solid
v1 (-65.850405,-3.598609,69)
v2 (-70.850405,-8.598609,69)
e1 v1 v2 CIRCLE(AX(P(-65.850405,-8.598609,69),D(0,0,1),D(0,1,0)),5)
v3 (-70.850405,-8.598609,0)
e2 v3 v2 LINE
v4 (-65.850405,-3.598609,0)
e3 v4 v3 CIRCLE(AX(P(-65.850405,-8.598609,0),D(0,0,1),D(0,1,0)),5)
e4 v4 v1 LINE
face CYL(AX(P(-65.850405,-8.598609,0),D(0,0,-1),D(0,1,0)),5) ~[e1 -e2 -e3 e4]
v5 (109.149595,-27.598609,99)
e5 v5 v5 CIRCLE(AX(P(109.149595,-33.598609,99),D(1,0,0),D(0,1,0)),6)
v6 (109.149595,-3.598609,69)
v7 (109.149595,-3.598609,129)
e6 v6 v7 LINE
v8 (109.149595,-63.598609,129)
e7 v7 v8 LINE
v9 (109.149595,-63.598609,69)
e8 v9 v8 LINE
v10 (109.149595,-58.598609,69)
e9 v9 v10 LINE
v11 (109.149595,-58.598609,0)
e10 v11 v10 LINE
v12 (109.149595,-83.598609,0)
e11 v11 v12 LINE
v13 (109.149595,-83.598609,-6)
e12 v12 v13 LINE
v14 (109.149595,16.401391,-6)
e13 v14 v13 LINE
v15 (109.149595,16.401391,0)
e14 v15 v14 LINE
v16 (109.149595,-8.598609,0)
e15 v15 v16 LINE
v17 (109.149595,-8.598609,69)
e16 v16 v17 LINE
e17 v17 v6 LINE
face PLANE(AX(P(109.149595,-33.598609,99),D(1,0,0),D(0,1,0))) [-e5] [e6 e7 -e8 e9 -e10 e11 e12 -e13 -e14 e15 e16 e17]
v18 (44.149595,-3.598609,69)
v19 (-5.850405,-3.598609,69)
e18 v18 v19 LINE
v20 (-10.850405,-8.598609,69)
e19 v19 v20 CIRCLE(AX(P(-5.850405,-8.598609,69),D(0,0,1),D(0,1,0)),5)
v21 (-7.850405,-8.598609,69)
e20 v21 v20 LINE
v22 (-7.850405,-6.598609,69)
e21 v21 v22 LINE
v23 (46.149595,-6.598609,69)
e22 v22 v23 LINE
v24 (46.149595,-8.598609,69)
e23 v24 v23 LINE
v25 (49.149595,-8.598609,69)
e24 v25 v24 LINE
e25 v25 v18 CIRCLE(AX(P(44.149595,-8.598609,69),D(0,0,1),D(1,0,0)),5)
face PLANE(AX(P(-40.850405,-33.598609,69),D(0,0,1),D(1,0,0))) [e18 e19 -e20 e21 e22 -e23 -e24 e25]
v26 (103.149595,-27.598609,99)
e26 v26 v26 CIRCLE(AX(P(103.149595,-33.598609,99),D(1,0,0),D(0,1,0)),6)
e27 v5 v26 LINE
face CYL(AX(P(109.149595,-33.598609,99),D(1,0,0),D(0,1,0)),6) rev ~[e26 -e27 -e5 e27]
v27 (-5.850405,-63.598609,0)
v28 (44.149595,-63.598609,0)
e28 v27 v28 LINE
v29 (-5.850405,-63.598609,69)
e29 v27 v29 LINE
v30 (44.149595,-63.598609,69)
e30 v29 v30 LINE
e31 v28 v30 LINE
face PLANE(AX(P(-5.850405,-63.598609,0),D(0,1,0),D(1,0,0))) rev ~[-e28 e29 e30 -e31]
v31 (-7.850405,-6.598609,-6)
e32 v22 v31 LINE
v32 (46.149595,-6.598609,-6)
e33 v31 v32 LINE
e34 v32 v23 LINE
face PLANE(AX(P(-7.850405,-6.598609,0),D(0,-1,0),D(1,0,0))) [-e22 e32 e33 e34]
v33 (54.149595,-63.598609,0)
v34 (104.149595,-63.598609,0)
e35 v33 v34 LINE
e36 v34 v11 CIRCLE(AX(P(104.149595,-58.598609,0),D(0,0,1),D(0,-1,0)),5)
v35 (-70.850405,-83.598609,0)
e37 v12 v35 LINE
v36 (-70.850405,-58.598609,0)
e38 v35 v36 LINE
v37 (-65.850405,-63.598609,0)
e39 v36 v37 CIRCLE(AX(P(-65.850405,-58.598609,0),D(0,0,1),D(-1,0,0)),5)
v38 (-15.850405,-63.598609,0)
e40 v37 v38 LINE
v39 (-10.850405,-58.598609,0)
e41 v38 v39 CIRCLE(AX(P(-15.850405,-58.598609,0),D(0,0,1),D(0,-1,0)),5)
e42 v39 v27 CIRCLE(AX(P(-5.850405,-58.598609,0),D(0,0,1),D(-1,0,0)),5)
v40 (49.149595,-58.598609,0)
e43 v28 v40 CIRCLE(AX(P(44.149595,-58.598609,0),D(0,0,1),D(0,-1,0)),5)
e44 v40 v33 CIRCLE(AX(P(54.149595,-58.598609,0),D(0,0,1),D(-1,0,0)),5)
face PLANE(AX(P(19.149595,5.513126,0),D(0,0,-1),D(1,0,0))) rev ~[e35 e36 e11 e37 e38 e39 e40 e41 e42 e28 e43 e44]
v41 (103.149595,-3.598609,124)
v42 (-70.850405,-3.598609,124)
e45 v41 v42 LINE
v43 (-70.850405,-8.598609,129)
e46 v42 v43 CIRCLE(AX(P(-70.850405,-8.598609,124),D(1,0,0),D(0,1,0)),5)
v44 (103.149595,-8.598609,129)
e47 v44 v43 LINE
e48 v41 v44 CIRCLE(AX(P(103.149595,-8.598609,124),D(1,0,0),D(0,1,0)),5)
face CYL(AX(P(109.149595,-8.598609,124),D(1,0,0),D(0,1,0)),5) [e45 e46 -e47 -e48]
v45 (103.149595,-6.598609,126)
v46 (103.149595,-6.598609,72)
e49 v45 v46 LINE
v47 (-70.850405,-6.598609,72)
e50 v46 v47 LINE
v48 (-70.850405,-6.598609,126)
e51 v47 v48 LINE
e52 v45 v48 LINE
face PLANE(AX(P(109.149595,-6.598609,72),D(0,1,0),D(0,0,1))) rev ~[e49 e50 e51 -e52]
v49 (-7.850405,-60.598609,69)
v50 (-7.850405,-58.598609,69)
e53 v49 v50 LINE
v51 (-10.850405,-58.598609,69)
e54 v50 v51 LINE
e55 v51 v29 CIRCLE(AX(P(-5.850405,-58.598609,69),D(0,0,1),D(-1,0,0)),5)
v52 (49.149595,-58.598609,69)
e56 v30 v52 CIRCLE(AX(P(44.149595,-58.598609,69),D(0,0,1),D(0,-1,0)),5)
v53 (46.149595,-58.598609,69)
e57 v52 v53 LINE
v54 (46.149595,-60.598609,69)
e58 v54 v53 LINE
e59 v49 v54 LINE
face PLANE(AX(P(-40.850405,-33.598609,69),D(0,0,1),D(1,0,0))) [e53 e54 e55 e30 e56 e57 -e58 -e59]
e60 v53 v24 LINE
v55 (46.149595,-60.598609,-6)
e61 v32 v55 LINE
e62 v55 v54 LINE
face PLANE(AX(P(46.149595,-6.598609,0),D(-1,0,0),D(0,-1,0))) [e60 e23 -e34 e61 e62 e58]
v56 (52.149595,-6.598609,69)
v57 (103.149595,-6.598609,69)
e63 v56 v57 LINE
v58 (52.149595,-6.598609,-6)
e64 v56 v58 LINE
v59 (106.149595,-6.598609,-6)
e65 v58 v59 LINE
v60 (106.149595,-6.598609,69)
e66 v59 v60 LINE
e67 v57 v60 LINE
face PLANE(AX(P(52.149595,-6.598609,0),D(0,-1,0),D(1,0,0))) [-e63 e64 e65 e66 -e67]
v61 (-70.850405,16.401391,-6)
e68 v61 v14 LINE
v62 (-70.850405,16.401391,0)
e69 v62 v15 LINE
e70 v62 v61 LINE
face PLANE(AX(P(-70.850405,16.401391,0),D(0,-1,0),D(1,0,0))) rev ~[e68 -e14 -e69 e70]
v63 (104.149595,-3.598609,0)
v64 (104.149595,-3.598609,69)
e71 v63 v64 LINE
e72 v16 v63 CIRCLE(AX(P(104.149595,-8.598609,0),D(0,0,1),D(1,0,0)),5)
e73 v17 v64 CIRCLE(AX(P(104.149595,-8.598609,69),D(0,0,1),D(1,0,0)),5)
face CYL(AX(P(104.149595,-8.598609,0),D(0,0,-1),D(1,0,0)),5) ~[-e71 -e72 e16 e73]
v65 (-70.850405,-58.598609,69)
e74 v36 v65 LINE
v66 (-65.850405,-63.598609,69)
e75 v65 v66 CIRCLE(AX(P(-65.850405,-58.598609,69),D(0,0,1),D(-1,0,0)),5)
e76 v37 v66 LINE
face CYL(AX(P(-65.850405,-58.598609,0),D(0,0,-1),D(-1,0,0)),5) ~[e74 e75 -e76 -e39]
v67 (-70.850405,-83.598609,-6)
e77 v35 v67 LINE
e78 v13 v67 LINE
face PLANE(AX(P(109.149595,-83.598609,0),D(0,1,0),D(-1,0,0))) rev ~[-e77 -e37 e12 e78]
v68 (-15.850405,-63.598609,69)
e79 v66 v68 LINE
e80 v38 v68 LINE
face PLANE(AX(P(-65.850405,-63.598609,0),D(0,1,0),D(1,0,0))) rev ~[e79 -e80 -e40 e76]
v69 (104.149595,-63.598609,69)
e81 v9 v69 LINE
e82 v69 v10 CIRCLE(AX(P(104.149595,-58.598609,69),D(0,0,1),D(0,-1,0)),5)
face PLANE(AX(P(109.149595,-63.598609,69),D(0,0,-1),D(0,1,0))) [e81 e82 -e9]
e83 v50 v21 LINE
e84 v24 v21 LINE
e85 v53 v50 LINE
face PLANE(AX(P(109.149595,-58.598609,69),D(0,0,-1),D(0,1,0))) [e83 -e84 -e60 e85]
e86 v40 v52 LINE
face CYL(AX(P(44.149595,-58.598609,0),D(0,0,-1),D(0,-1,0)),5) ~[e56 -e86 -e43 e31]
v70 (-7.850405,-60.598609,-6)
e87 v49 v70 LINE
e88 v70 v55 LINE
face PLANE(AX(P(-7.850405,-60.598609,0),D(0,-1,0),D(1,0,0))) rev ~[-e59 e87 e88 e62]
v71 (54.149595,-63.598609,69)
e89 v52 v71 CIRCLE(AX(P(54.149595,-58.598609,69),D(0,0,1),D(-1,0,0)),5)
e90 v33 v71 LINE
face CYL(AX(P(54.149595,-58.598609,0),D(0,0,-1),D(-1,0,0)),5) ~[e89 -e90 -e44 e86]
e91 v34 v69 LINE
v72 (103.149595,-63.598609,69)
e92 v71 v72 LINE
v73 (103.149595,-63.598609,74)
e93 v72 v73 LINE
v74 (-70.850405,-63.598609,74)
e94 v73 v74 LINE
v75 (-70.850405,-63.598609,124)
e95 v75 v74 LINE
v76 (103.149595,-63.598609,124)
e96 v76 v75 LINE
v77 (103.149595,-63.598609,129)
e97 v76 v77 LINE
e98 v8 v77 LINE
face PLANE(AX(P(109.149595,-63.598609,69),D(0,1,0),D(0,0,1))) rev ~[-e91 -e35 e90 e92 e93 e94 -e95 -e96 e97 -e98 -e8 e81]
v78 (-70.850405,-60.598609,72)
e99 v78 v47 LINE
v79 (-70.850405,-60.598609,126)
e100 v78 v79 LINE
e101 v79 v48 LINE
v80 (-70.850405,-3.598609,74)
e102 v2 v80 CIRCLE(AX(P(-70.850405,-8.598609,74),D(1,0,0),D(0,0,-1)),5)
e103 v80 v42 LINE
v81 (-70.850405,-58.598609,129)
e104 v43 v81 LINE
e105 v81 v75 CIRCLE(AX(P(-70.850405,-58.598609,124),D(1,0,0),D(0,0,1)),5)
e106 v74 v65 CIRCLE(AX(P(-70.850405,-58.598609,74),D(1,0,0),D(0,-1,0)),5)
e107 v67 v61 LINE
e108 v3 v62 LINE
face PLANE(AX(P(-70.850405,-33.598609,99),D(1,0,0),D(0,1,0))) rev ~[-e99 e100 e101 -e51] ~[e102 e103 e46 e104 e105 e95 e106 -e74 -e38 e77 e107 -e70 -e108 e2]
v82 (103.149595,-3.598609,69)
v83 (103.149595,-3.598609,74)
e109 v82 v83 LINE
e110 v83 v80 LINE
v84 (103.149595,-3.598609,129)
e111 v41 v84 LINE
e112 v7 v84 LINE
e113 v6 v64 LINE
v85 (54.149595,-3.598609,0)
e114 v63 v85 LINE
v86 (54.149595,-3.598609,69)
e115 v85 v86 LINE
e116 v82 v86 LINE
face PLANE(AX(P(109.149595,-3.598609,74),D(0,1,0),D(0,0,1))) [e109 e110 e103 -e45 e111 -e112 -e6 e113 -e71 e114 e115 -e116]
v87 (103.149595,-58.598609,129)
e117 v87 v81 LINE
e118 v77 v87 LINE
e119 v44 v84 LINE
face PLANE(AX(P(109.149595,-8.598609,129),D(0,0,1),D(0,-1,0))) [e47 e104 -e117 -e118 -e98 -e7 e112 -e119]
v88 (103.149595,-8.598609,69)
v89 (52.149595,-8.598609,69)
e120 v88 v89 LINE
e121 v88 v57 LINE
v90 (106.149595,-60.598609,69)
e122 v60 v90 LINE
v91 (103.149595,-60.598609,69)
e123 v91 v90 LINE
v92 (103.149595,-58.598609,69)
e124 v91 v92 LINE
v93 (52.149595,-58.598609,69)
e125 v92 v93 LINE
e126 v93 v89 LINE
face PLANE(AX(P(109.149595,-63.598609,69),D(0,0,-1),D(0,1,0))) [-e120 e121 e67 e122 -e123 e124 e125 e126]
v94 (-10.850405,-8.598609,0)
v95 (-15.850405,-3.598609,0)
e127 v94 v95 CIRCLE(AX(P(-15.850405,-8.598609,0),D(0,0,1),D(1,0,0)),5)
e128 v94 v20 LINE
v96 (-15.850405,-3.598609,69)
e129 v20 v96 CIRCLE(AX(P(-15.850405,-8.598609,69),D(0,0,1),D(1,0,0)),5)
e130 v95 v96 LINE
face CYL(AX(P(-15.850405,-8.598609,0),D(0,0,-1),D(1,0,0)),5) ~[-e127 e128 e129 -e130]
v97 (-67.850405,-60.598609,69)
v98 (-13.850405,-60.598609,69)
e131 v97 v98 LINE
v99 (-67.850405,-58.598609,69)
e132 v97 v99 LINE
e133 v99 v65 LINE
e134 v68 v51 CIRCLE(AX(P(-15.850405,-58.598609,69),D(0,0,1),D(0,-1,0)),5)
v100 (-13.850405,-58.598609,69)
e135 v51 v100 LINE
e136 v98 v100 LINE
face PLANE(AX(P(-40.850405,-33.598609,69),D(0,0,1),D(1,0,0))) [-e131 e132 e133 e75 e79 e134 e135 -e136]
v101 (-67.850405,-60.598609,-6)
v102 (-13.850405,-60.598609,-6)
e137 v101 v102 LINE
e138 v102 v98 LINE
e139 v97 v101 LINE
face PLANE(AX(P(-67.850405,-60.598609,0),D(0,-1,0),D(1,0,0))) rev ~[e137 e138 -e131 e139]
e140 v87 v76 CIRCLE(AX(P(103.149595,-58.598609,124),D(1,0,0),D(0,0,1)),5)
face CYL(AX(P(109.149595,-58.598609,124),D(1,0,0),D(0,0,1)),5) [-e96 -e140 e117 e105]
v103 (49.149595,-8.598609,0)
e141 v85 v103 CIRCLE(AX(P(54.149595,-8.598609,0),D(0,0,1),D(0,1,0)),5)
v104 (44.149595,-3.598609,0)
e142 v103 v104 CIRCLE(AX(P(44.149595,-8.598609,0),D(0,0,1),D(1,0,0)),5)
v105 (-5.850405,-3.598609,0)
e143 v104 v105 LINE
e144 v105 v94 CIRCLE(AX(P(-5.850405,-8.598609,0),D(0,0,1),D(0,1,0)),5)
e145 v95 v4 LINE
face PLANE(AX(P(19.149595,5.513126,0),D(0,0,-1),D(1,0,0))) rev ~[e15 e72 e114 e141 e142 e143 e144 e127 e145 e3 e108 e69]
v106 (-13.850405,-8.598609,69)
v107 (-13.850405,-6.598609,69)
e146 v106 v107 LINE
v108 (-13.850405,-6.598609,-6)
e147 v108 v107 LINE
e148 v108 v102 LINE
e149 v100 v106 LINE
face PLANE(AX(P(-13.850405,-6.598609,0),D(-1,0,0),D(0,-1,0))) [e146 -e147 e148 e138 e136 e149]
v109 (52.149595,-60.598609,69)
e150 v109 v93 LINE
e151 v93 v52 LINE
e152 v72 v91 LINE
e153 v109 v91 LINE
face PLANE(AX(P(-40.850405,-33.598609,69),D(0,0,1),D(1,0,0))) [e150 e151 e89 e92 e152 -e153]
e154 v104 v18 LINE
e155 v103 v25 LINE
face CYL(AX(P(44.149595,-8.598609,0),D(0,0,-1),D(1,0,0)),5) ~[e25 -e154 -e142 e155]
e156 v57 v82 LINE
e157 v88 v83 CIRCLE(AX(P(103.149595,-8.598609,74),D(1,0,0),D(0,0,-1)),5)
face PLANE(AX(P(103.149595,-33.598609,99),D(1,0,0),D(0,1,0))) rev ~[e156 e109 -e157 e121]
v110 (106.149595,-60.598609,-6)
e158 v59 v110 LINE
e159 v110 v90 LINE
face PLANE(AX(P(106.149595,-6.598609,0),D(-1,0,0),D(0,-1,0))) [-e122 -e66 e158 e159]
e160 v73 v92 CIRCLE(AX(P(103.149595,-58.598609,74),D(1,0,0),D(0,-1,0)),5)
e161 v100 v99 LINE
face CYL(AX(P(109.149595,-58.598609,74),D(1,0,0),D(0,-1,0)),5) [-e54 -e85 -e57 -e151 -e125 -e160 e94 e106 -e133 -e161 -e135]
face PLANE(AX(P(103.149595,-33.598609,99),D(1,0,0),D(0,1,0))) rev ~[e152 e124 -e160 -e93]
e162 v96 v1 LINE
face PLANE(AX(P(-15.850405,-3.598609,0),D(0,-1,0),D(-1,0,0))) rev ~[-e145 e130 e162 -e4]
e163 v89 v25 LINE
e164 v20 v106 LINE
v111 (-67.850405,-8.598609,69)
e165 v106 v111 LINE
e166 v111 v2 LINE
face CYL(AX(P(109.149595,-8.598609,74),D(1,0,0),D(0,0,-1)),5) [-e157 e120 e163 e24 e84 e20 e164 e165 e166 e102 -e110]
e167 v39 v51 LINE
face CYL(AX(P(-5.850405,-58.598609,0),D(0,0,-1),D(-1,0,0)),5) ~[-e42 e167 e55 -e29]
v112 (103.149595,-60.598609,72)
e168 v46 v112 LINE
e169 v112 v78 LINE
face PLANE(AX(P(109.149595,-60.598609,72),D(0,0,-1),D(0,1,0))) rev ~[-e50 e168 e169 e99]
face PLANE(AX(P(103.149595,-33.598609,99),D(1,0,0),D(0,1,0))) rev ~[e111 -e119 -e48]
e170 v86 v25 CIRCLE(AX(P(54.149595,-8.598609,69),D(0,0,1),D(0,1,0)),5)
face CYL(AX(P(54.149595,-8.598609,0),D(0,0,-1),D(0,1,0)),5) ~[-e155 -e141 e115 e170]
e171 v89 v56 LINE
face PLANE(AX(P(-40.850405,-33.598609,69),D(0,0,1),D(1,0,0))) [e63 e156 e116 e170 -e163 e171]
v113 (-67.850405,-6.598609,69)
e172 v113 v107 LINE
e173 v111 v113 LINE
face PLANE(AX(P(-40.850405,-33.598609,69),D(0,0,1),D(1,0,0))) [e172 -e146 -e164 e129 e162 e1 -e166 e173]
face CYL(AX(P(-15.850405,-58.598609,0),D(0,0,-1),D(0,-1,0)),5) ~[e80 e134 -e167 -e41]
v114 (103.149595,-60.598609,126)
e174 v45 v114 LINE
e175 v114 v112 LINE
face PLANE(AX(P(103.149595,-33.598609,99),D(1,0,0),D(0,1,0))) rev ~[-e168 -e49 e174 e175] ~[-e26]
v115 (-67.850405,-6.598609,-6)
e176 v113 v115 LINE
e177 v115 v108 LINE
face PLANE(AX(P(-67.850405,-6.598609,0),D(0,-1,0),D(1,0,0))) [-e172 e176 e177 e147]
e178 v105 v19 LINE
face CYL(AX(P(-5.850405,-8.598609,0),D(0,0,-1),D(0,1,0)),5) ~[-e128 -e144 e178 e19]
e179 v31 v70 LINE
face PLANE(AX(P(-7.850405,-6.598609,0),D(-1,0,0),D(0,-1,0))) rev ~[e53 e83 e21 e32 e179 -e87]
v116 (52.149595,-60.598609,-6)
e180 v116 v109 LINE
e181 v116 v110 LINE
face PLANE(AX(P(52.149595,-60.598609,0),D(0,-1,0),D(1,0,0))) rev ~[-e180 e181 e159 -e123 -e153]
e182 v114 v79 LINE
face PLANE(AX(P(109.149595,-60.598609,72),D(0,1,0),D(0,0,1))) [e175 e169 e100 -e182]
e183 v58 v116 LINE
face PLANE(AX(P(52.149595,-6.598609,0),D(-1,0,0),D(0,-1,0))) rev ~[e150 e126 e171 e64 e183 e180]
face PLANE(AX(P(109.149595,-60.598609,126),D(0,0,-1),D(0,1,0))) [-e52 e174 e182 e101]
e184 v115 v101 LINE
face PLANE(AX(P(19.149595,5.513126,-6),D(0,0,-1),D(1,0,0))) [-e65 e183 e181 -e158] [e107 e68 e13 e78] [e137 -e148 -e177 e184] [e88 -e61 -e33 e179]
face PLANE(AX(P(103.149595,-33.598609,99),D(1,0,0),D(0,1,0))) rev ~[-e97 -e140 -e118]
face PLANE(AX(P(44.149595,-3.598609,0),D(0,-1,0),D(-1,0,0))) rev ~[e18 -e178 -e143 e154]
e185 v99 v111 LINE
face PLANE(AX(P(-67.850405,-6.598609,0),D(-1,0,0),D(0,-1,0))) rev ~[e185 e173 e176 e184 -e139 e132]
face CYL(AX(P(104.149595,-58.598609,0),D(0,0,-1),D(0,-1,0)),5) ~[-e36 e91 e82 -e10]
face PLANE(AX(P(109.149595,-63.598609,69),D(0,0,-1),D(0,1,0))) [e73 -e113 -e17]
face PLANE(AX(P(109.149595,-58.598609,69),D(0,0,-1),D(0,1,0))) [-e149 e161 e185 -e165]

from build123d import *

# Parameters (mm, degrees)
F0_W     = 54
F0_H     = 54
F1_DEPTH = 69
F2_W     = 54
F2_H     = 54
F3_DEPTH = 6
F4_W     = 54
F4_H     = 54
F5_DEPTH = 180
F6_W     = 60
F6_H     = 60
F6_R     = 6
F7_DEPTH = 6


with BuildPart() as f1:
    # F0 (on Top) → F1 (new body)
    with BuildSketch(Plane.XY):
        with BuildLine():
            ThreePointArc((-10.85040465, -8.5986092687), (-12.314870744, -5.0630753627), (-15.85040465, -3.5986092687))
            Line((-15.85040465, -3.5986092687), (-65.85040465, -3.5986092687))
            ThreePointArc((-65.85040465, -3.5986092687), (-69.3859385559, -5.0630753627), (-70.85040465, -8.5986092687))
            Line((-70.85040465, -8.5986092687), (-70.85040465, -58.5986092687))
            ThreePointArc((-70.85040465, -58.5986092687), (-69.3859385559, -62.1341431746), (-65.85040465, -63.5986092687))
            Line((-65.85040465, -63.5986092687), (-15.85040465, -63.5986092687))
            ThreePointArc((-15.85040465, -63.5986092687), (-12.314870744, -62.1341431746), (-10.85040465, -58.5986092687))
            Line((-10.85040465, -58.5986092687), (-10.85040465, -8.5986092687))
        make_face()
        with Locations((-40.85040465, -33.5986092687)):
            Rectangle(F0_W, F0_H, mode=Mode.SUBTRACT)
        with BuildLine():
            ThreePointArc((-5.85040465, -3.5986092687), (-9.3859385559, -5.0630753627), (-10.85040465, -8.5986092687))
            Line((-10.85040465, -8.5986092687), (-10.85040465, -58.5986092687))
            ThreePointArc((-10.85040465, -58.5986092687), (-9.3859385559, -62.1341431746), (-5.85040465, -63.5986092687))
            Line((-5.85040465, -63.5986092687), (44.14959535, -63.5986092687))
            ThreePointArc((44.14959535, -63.5986092687), (47.685129256, -62.1341431746), (49.14959535, -58.5986092687))
            Line((49.14959535, -58.5986092687), (49.14959535, -8.5986092687))
            ThreePointArc((49.14959535, -8.5986092687), (47.685129256, -5.0630753627), (44.14959535, -3.5986092687))
            Line((44.14959535, -3.5986092687), (-5.85040465, -3.5986092687))
        make_face()
        with Locations((19.14959535, -33.5986092687)):
            Rectangle(F0_W, F0_H, mode=Mode.SUBTRACT)
        with BuildLine():
            ThreePointArc((54.14959535, -3.5986092687), (50.6140614441, -5.0630753627), (49.14959535, -8.5986092687))
            Line((49.14959535, -8.5986092687), (49.14959535, -58.5986092687))
            ThreePointArc((49.14959535, -58.5986092687), (50.6140614441, -62.1341431746), (54.14959535, -63.5986092687))
            Line((54.14959535, -63.5986092687), (104.14959535, -63.5986092687))
            ThreePointArc((104.14959535, -63.5986092687), (107.685129256, -62.1341431746), (109.14959535, -58.5986092687))
            Line((109.14959535, -58.5986092687), (109.14959535, -8.5986092687))
            ThreePointArc((109.14959535, -8.5986092687), (107.685129256, -5.0630753627), (104.14959535, -3.5986092687))
            Line((104.14959535, -3.5986092687), (54.14959535, -3.5986092687))
        make_face()
        with Locations((79.14959535, -33.5986092687)):
            Rectangle(F0_W, F0_H, mode=Mode.SUBTRACT)
    extrude(amount=F1_DEPTH)

    # F2 (on face) → F3 (join)
    with BuildSketch(Plane(origin=(0, 0, 0), x_dir=(1, 0, 0), z_dir=(0, 0, -1))):
        with BuildLine():
            Line((-70.85040465, -16.4013907313), (109.14959535, -16.4013907313))
            Line((109.14959535, -16.4013907313), (109.14959535, 8.5986092687))
            ThreePointArc((109.14959535, 8.5986092687), (107.685129256, 5.0630753627), (104.14959535, 3.5986092687))
            Line((104.14959535, 3.5986092687), (54.14959535, 3.5986092687))
            ThreePointArc((54.14959535, 3.5986092687), (50.6140614441, 5.0630753627), (49.14959535, 8.5986092687))
            ThreePointArc((49.14959535, 8.5986092687), (47.685129256, 5.0630753627), (44.14959535, 3.5986092687))
            Line((44.14959535, 3.5986092687), (-5.85040465, 3.5986092687))
            ThreePointArc((-5.85040465, 3.5986092687), (-9.3859385559, 5.0630753627), (-10.85040465, 8.5986092687))
            ThreePointArc((-10.85040465, 8.5986092687), (-12.314870744, 5.0630753627), (-15.85040465, 3.5986092687))
            Line((-15.85040465, 3.5986092687), (-65.85040465, 3.5986092687))
            ThreePointArc((-65.85040465, 3.5986092687), (-69.3859385559, 5.0630753627), (-70.85040465, 8.5986092687))
            Line((-70.85040465, 8.5986092687), (-70.85040465, -16.4013907313))
        make_face()
        with BuildLine():
            ThreePointArc((104.14959535, 63.5986092687), (107.685129256, 62.1341431746), (109.14959535, 58.5986092687))
            Line((109.14959535, 58.5986092687), (109.14959535, 83.5986092687))
            Line((109.14959535, 83.5986092687), (-70.85040465, 83.5986092687))
            Line((-70.85040465, 83.5986092687), (-70.85040465, 58.5986092687))
            ThreePointArc((-70.85040465, 58.5986092687), (-69.3859385559, 62.1341431746), (-65.85040465, 63.5986092687))
            Line((-65.85040465, 63.5986092687), (-15.85040465, 63.5986092687))
            ThreePointArc((-15.85040465, 63.5986092687), (-12.314870744, 62.1341431746), (-10.85040465, 58.5986092687))
            ThreePointArc((-10.85040465, 58.5986092687), (-9.3859385559, 62.1341431746), (-5.85040465, 63.5986092687))
            Line((-5.85040465, 63.5986092687), (44.14959535, 63.5986092687))
            ThreePointArc((44.14959535, 63.5986092687), (47.685129256, 62.1341431746), (49.14959535, 58.5986092687))
            ThreePointArc((49.14959535, 58.5986092687), (50.6140614441, 62.1341431746), (54.14959535, 63.5986092687))
            Line((54.14959535, 63.5986092687), (104.14959535, 63.5986092687))
        make_face()
        with BuildLine():
            ThreePointArc((104.14959535, 3.5986092687), (107.685129256, 5.0630753627), (109.14959535, 8.5986092687))
            Line((109.14959535, 8.5986092687), (109.14959535, 58.5986092687))
            ThreePointArc((109.14959535, 58.5986092687), (107.685129256, 62.1341431746), (104.14959535, 63.5986092687))
            Line((104.14959535, 63.5986092687), (54.14959535, 63.5986092687))
            ThreePointArc((54.14959535, 63.5986092687), (50.6140614441, 62.1341431746), (49.14959535, 58.5986092687))
            ThreePointArc((49.14959535, 58.5986092687), (47.685129256, 62.1341431746), (44.14959535, 63.5986092687))
            Line((44.14959535, 63.5986092687), (-5.85040465, 63.5986092687))
            ThreePointArc((-5.85040465, 63.5986092687), (-9.3859385559, 62.1341431746), (-10.85040465, 58.5986092687))
            ThreePointArc((-10.85040465, 58.5986092687), (-12.314870744, 62.1341431746), (-15.85040465, 63.5986092687))
            Line((-15.85040465, 63.5986092687), (-65.85040465, 63.5986092687))
            ThreePointArc((-65.85040465, 63.5986092687), (-69.3859385559, 62.1341431746), (-70.85040465, 58.5986092687))
            Line((-70.85040465, 58.5986092687), (-70.85040465, 8.5986092687))
            ThreePointArc((-70.85040465, 8.5986092687), (-69.3859385559, 5.0630753627), (-65.85040465, 3.5986092687))
            Line((-65.85040465, 3.5986092687), (-15.85040465, 3.5986092687))
            ThreePointArc((-15.85040465, 3.5986092687), (-12.314870744, 5.0630753627), (-10.85040465, 8.5986092687))
            ThreePointArc((-10.85040465, 8.5986092687), (-9.3859385559, 5.0630753627), (-5.85040465, 3.5986092687))
            Line((-5.85040465, 3.5986092687), (44.14959535, 3.5986092687))
            ThreePointArc((44.14959535, 3.5986092687), (47.685129256, 5.0630753627), (49.14959535, 8.5986092687))
            ThreePointArc((49.14959535, 8.5986092687), (50.6140614441, 5.0630753627), (54.14959535, 3.5986092687))
            Line((54.14959535, 3.5986092687), (104.14959535, 3.5986092687))
        make_face()
        with Locations((-40.85040465, 33.5986092687)):
            Rectangle(F2_W, F2_H, mode=Mode.SUBTRACT)
        with Locations((19.14959535, 33.5986092687)):
            Rectangle(F2_W, F2_H, mode=Mode.SUBTRACT)
        with Locations((79.14959535, 33.5986092687)):
            Rectangle(F2_W, F2_H, mode=Mode.SUBTRACT)
    extrude(amount=F3_DEPTH)

    # F4 (on face) → F5 (join, through all)
    with BuildSketch(Plane.YZ.offset(109.14959535)):
        with BuildLine():
            ThreePointArc((-3.5986092687, 124), (-5.0630753627, 127.5355339059), (-8.5986092687, 129))
            Line((-8.5986092687, 129), (-58.5986092687, 129))
            ThreePointArc((-58.5986092687, 129), (-62.1341431746, 127.5355339059), (-63.5986092687, 124))
            Line((-63.5986092687, 124), (-63.5986092687, 74))
            ThreePointArc((-63.5986092687, 74), (-62.1341431746, 70.4644660941), (-58.5986092687, 69))
            Line((-58.5986092687, 69), (-8.5986092687, 69))
            ThreePointArc((-8.5986092687, 69), (-5.0630753627, 70.4644660941), (-3.5986092687, 74))
            Line((-3.5986092687, 74), (-3.5986092687, 124))
        make_face()
        with Locations((-33.5986092687, 99)):
            Rectangle(F4_W, F4_H, mode=Mode.SUBTRACT)
    extrude(amount=-F5_DEPTH)

    # F6 (on face) → F7 (join)
    with BuildSketch(Plane.YZ.offset(109.14959535)):
        with Locations((-33.5986092687, 99)):
            Rectangle(F6_W, F6_H)
        with Locations((-33.5986092687, 99)):
            Circle(F6_R, mode=Mode.SUBTRACT)
    extrude(amount=-F7_DEPTH)


solid = f1.part
